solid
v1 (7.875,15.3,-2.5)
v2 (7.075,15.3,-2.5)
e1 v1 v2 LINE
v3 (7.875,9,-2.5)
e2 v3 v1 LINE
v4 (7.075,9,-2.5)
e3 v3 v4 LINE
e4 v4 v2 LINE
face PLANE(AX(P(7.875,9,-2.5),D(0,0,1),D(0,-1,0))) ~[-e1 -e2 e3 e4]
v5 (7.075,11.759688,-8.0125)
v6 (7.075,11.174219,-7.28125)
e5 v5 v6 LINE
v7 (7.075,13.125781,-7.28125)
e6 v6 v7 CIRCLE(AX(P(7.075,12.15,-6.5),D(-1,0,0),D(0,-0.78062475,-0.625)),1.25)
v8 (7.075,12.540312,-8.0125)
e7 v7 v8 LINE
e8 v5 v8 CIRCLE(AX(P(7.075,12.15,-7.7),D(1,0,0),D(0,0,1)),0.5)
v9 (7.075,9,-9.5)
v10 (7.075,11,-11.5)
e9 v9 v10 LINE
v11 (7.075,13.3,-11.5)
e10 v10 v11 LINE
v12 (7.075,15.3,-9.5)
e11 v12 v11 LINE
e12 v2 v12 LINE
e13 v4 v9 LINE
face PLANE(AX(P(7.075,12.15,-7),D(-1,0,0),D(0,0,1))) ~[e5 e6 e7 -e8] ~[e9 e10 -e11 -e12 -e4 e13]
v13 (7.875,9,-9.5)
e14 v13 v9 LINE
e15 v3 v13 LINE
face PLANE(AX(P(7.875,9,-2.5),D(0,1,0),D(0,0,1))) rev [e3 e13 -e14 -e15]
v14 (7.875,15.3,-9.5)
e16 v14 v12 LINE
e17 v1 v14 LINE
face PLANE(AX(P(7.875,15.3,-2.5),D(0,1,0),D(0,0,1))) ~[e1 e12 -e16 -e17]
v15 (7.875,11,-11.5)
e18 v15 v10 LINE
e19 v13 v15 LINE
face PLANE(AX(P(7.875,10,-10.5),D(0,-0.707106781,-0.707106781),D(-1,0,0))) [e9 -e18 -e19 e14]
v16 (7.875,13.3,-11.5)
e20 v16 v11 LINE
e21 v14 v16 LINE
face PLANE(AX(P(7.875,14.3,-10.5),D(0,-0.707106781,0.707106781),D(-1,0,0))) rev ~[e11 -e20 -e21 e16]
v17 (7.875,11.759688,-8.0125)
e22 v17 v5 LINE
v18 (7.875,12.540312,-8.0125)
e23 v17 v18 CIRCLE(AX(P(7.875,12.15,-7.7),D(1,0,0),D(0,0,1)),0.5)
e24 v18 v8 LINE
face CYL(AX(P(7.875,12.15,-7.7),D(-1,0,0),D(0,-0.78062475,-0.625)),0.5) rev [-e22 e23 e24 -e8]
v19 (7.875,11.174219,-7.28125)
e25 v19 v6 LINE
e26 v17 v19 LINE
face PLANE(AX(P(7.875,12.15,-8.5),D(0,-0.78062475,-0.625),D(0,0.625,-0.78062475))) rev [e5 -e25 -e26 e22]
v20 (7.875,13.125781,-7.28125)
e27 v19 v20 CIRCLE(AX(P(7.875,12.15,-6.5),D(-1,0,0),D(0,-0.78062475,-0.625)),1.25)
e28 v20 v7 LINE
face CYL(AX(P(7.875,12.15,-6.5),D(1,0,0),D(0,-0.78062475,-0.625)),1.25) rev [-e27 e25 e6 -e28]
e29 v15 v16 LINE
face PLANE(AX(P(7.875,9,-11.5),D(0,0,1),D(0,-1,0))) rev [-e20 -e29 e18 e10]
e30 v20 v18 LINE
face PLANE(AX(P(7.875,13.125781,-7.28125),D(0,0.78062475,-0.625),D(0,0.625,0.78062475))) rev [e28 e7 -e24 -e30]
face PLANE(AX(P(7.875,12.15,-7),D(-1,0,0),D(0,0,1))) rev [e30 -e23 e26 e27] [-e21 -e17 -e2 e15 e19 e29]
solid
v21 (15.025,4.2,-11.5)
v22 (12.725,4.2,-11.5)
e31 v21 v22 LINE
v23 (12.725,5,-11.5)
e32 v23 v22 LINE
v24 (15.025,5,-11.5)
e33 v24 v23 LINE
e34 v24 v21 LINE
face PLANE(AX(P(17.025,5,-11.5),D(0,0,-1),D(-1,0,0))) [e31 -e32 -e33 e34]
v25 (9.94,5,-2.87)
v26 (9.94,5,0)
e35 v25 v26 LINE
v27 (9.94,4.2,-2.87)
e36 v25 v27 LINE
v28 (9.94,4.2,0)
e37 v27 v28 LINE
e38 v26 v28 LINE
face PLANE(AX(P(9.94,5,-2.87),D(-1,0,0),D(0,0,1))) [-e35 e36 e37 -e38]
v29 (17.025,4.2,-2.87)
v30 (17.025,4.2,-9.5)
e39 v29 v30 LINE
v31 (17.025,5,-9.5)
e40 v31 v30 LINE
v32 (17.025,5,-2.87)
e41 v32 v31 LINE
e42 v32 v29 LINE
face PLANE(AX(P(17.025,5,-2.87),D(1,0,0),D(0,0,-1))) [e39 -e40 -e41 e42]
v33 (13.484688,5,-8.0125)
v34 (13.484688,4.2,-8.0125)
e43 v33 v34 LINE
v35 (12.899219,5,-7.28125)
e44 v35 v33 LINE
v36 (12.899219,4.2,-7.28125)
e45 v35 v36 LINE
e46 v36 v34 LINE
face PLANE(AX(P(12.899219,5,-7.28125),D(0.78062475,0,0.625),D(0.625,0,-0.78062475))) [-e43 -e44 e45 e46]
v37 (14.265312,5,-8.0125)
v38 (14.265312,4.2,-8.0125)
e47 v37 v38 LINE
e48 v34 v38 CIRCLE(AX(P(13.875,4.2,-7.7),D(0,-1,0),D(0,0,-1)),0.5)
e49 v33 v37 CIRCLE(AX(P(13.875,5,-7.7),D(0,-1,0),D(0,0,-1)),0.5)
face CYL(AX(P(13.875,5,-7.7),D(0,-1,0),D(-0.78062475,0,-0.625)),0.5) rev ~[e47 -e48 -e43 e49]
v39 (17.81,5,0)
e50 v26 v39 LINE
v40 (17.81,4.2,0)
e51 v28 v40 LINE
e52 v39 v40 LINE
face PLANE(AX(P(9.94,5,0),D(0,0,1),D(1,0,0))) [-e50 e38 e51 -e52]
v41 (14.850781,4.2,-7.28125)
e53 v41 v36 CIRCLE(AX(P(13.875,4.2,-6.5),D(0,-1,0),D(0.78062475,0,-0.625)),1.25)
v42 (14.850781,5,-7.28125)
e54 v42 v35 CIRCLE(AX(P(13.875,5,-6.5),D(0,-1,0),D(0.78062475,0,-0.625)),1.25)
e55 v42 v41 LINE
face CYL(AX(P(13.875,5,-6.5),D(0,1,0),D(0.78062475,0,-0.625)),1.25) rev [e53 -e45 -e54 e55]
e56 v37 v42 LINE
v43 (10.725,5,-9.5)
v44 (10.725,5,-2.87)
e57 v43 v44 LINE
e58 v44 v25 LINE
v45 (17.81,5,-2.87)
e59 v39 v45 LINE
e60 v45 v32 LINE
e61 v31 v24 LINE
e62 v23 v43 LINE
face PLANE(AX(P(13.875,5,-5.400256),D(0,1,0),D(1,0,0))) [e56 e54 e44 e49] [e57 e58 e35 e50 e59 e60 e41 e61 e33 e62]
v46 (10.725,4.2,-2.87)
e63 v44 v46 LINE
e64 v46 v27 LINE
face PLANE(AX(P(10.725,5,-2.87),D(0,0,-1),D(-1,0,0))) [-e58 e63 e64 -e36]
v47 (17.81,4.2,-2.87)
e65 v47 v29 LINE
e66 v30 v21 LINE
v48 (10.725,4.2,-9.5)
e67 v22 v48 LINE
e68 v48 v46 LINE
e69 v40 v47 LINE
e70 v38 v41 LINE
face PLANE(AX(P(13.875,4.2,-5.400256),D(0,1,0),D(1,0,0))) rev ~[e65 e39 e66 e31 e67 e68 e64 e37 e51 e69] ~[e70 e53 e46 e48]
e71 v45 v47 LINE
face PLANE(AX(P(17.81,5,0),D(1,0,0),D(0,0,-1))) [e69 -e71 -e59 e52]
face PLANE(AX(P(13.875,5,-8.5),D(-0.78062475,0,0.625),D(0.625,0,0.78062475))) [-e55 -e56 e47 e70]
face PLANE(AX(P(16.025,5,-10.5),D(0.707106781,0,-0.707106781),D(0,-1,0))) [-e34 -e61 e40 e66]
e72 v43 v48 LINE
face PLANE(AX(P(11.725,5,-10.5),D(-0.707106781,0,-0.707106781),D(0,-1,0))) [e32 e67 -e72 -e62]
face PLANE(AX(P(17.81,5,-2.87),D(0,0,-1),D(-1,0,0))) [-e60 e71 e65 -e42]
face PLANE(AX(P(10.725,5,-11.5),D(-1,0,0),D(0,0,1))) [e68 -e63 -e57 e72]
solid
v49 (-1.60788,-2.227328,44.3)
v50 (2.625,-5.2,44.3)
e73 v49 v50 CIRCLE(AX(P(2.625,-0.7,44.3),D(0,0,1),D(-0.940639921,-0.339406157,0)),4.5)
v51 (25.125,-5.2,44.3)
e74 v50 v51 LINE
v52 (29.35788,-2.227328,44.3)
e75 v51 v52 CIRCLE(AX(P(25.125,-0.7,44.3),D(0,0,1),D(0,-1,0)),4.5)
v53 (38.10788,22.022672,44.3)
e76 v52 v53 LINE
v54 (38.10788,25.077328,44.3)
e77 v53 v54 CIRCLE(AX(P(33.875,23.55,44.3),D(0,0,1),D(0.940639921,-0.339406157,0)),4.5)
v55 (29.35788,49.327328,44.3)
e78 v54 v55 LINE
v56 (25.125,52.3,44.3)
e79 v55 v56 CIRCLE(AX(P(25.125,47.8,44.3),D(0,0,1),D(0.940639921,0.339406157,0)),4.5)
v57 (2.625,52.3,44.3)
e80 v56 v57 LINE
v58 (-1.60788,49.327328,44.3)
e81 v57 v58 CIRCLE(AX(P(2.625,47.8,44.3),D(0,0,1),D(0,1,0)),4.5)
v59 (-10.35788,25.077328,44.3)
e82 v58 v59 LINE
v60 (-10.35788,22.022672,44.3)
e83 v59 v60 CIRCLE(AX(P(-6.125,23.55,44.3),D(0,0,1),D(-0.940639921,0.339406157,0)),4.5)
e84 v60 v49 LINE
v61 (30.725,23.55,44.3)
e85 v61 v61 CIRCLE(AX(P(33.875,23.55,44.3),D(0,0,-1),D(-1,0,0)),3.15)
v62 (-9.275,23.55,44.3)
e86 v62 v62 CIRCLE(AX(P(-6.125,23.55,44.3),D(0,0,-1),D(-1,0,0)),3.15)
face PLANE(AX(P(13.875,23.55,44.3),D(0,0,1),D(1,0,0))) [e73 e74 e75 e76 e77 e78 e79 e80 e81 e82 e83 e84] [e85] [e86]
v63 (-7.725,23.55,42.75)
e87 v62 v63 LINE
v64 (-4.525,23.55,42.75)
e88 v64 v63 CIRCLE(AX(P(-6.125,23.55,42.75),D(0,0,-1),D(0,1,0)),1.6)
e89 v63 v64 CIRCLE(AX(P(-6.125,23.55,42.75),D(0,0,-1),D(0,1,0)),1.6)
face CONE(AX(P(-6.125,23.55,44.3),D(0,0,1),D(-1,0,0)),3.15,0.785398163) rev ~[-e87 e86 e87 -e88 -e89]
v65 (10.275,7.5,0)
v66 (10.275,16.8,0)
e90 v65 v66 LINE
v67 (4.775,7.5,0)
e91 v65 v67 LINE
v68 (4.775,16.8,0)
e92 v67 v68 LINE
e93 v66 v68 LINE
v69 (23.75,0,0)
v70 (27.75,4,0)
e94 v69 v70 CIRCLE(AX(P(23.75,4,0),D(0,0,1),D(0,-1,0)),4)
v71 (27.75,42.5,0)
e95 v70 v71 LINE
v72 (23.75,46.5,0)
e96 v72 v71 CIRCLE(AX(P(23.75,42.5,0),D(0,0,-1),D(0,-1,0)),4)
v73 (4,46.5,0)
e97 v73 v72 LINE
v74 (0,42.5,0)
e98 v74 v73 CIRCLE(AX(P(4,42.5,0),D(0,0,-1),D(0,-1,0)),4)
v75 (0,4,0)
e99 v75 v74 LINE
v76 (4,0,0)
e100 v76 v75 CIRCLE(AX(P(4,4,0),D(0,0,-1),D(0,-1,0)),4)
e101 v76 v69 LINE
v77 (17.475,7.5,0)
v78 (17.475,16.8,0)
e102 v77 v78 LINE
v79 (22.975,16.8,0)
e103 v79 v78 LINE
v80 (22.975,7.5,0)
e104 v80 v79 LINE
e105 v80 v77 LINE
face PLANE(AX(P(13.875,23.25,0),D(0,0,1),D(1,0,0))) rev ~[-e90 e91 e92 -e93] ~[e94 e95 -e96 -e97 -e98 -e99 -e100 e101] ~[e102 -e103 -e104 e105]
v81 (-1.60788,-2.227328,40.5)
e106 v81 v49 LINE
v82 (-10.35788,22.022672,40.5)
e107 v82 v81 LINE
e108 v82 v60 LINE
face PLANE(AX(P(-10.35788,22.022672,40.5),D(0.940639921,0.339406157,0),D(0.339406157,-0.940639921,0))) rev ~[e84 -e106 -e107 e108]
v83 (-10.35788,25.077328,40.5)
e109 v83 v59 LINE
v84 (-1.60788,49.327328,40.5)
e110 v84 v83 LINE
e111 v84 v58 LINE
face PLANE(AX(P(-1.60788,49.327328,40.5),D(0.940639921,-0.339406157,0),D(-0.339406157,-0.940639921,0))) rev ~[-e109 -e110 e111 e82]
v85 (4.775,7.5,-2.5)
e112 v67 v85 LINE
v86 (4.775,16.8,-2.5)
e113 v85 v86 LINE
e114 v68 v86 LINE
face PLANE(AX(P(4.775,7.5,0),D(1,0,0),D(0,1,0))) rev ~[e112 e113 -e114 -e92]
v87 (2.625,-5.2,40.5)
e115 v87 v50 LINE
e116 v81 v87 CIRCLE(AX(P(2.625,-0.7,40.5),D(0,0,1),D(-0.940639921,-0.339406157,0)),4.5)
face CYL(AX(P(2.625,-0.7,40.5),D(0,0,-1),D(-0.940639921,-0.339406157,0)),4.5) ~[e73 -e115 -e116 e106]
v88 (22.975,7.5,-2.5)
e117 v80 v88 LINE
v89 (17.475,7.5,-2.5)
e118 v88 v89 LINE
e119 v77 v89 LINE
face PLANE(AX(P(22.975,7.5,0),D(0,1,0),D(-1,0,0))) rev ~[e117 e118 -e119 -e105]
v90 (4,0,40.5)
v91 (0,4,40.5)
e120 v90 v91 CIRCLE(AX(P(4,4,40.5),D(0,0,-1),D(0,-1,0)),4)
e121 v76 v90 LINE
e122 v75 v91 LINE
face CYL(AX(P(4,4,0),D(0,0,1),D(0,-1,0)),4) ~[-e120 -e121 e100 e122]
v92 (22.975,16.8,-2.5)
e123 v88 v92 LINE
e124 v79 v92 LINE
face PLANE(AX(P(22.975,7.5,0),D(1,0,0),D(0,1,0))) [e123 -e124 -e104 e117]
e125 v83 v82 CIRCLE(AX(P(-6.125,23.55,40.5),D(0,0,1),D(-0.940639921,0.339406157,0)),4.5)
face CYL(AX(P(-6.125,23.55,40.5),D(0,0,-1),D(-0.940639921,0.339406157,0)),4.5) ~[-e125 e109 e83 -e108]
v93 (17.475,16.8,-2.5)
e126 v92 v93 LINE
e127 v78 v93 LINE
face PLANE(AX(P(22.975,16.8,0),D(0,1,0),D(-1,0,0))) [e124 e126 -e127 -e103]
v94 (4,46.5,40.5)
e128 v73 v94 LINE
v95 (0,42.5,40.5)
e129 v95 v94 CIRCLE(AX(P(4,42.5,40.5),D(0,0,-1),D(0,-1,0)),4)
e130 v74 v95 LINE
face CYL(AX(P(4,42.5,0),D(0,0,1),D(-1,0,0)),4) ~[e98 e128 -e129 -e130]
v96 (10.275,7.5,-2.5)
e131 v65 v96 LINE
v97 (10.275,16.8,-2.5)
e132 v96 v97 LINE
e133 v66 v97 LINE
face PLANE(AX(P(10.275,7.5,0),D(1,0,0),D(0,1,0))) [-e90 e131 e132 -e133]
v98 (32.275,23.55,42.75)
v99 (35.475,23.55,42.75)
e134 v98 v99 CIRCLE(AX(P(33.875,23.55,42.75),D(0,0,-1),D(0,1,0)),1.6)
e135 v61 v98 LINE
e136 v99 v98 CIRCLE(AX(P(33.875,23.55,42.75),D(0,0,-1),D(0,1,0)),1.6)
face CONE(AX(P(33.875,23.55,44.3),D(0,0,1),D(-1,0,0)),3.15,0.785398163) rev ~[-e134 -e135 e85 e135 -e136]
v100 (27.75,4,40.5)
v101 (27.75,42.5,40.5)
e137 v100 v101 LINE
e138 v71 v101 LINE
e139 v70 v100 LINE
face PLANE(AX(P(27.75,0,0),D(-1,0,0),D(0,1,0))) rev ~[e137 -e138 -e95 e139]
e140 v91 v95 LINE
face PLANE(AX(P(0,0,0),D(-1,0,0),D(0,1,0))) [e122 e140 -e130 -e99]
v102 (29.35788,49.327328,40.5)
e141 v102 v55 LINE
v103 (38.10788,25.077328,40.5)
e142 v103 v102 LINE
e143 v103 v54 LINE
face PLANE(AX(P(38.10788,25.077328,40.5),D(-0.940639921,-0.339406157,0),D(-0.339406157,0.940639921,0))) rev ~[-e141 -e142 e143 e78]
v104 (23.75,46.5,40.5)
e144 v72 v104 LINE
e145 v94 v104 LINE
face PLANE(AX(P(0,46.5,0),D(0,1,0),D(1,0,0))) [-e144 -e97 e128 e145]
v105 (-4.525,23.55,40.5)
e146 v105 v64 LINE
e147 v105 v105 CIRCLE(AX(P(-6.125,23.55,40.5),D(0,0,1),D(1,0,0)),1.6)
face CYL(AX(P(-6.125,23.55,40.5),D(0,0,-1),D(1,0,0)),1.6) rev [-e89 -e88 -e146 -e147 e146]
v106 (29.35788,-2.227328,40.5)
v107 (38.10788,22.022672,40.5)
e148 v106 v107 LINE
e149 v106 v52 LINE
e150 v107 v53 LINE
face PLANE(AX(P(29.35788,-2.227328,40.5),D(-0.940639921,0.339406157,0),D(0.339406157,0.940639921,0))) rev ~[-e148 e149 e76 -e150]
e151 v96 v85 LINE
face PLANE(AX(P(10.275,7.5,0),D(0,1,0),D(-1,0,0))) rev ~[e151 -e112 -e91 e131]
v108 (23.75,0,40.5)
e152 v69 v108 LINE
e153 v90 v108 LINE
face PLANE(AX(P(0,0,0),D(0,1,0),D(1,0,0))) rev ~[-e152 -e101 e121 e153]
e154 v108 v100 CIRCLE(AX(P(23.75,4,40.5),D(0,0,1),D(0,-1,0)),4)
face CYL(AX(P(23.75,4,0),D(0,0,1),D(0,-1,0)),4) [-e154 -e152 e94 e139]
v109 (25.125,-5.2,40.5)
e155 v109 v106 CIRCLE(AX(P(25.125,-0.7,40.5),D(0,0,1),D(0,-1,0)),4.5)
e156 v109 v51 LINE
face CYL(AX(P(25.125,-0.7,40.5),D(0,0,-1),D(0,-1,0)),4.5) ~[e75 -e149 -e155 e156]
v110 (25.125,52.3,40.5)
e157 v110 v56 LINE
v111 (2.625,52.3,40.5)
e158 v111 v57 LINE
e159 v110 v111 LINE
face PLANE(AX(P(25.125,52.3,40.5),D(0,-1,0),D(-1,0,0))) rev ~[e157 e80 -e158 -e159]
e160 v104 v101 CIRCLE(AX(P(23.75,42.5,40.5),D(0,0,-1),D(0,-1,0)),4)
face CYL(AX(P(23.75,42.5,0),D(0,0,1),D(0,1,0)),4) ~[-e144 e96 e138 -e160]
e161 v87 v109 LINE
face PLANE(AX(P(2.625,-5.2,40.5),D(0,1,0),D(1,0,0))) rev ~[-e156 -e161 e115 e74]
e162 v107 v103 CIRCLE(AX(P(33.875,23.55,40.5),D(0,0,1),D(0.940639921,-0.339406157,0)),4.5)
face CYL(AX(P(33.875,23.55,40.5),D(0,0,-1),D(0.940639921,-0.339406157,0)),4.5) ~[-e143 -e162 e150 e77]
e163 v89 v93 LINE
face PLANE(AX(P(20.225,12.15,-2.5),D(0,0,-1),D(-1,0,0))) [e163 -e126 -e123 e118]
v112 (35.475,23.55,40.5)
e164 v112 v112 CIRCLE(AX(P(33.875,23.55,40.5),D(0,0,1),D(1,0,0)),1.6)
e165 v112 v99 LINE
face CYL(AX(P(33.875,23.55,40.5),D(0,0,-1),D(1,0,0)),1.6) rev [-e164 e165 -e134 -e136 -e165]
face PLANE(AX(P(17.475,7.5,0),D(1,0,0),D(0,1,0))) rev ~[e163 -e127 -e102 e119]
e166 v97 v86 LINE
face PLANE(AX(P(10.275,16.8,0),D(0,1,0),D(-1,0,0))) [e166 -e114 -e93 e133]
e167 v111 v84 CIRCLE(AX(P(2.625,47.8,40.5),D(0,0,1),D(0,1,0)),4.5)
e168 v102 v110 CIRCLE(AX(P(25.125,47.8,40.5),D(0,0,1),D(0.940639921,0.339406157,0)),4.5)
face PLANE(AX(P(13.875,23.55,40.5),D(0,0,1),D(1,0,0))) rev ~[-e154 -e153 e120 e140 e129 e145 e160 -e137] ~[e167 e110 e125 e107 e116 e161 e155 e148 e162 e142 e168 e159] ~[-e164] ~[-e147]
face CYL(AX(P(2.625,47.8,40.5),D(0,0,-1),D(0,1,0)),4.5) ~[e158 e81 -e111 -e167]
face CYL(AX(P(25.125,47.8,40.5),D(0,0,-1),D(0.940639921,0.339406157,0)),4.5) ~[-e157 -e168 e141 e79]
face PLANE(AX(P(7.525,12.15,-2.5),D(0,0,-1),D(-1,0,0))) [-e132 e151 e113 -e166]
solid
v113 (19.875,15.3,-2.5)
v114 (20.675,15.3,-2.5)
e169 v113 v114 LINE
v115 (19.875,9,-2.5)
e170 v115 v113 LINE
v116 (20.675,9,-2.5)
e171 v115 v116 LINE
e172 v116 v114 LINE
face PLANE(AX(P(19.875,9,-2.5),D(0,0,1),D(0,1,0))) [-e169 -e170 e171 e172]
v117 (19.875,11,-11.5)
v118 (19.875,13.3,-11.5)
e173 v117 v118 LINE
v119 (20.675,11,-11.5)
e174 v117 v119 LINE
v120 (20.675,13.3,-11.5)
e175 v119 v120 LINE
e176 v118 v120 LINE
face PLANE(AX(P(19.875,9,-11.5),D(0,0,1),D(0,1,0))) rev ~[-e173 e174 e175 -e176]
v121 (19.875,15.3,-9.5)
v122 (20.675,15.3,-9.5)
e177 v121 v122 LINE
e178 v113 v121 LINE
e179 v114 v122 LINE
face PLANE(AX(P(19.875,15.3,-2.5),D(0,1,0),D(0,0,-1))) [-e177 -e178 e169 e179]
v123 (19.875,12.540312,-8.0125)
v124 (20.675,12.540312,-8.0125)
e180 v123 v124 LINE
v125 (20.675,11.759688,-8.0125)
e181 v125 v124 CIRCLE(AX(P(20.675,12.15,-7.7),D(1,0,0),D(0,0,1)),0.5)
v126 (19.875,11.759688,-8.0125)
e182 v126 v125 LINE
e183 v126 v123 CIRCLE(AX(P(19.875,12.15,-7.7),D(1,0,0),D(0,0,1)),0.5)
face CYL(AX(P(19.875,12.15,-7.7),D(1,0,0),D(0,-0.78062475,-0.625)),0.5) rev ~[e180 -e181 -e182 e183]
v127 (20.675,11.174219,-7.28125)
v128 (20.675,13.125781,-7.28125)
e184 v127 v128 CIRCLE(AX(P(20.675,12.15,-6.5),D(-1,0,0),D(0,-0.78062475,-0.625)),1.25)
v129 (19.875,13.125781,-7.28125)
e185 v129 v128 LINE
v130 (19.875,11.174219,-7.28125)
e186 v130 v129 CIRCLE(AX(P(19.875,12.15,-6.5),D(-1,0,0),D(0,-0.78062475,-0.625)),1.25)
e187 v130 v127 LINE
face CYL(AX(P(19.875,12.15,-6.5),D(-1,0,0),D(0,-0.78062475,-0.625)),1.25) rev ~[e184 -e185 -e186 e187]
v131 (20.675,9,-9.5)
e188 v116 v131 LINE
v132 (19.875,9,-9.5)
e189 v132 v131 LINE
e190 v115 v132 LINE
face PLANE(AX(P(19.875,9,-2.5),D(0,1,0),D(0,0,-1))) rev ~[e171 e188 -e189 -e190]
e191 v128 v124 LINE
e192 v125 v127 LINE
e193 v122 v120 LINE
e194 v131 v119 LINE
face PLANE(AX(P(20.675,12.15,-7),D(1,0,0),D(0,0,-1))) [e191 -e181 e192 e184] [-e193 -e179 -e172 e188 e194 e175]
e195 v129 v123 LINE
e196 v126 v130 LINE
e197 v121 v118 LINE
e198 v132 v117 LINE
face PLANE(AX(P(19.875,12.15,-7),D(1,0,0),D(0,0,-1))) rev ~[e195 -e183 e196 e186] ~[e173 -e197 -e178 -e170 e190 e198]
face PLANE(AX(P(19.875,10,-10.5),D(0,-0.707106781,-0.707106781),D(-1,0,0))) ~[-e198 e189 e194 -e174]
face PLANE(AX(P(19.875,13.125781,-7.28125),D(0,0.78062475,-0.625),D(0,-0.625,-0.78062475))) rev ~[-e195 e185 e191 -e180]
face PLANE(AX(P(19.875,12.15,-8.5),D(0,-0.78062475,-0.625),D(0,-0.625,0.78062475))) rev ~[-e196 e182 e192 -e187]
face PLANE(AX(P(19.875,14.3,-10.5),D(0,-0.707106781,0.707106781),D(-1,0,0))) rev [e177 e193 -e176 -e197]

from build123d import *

# Parameters (mm, degrees)
SKETCH1_W                                       = 27.75
SKETCH1_H                                       = 46.5
BOSS_EXTRUDE1_DEPTH                             = 40.5
SKETCH2_R                                       = 1.6
BOSS_EXTRUDE2_DEPTH                             = 3.8
CSK_FOR_M3_FLAT_HEAD_MACHINE_SCREW1_D           = 3.2
CSK_FOR_M3_FLAT_HEAD_MACHINE_SCREW1_CSINK_D     = 6.3
CSK_FOR_M3_FLAT_HEAD_MACHINE_SCREW1_CSINK_ANGLE = 90
SKETCH5_W                                       = 5.5
SKETCH5_H                                       = 9.3
BOSS_EXTRUDE3_DEPTH                             = 2.5
BOSS_EXTRUDE4_DEPTH                             = 0.8
CHAMFER1_SIZE                                   = 2
FILLET1_R                                       = 0.5
SKETCH7_W                                       = 9
SKETCH7_H                                       = 6.3
BOSS_EXTRUDE5_DEPTH                             = 0.8
CHAMFER2_SIZE                                   = 2
FILLET3_R                                       = 0.5
FILLET2_R                                       = 4


with BuildPart() as part:
    # Sketch1 → Boss-Extrude1 (new body)
    with BuildSketch(Plane.XY):
        with Locations((13.875, 23.25)):
            Rectangle(SKETCH1_W, SKETCH1_H)
    extrude(amount=BOSS_EXTRUDE1_DEPTH)

    # Sketch2 → Boss-Extrude2 (add)
    with BuildSketch(Plane.XY.offset(40.5)):
        with BuildLine():
            Line((2.625, -5.2), (25.125, -5.2))
            ThreePointArc((25.125, -5.2), (27.711215896, -4.382592475), (29.357879644, -2.227327706))
            Line((29.357879644, -2.227327706), (38.107879644, 22.022672294))
            ThreePointArc((38.107879644, 22.022672294), (38.375, 23.55), (38.107879644, 25.077327706))
            Line((38.107879644, 25.077327706), (29.357879644, 49.327327706))
            ThreePointArc((29.357879644, 49.327327706), (27.711215896, 51.482592475), (25.125, 52.3))
            Line((25.125, 52.3), (2.625, 52.3))
            ThreePointArc((2.625, 52.3), (0.038784104, 51.482592475), (-1.607879644, 49.327327706))
            Line((-1.607879644, 49.327327706), (-10.357879644, 25.077327706))
            ThreePointArc((-10.357879644, 25.077327706), (-10.625, 23.55), (-10.357879644, 22.022672294))
            Line((-10.357879644, 22.022672294), (-1.607879644, -2.227327706))
            ThreePointArc((-1.607879644, -2.227327706), (0.038784104, -4.382592475), (2.625, -5.2))
        make_face()
        with Locations((-6.125, 23.55)):
            Circle(SKETCH2_R, mode=Mode.SUBTRACT)
        with Locations((33.875, 23.55)):
            Circle(SKETCH2_R, mode=Mode.SUBTRACT)
    extrude(amount=BOSS_EXTRUDE2_DEPTH)

    # CSK for M3 Flat Head Machine Screw1 (through all)
    with Locations(Plane.XY.offset(44.3)):
        with Locations((-6.125, 23.55), (33.875, 23.55)):
            CounterSinkHole(CSK_FOR_M3_FLAT_HEAD_MACHINE_SCREW1_D / 2, CSK_FOR_M3_FLAT_HEAD_MACHINE_SCREW1_CSINK_D / 2, counter_sink_angle=CSK_FOR_M3_FLAT_HEAD_MACHINE_SCREW1_CSINK_ANGLE)

    # Sketch5 → Boss-Extrude3 (add)
    with BuildSketch(Plane(origin=(0, 0, 0), x_dir=(-1, 0, 0), z_dir=(0, 0, -1))):
        with Locations((-20.225, 12.15)):
            Rectangle(SKETCH5_W, SKETCH5_H)
        with Locations((-7.525, 12.15)):
            Rectangle(SKETCH5_W, SKETCH5_H)
    extrude(amount=BOSS_EXTRUDE3_DEPTH)

    # Fillet2
    fillet2_edges = [part.edges().sort_by_distance(p)[0] for p in [
        (0, 46.5, 20.25),
        (27.75, 46.5, 20.25),
        (27.75, 0, 20.25),
        (0, 0, 20.25),
    ]]
    fillet(fillet2_edges, radius=FILLET2_R)


with BuildPart() as body_2:
    # Sketch6 → Boss-Extrude4 (new body)
    with BuildSketch(Plane(origin=(0, 5, 0), x_dir=(-1, 0, 0), z_dir=(0, -1, 0))):
        Polygon((-17.81, 0), (-17.81, 2.87), (-17.025, 2.87), (-17.025, 11.5), (-10.725, 11.5), (-10.725, 2.87), (-9.94, 2.87), (-9.94, 0), align=None)
        with BuildLine():
            Line((-13.875, 8.5), (-14.850780937, 7.28125))
            ThreePointArc((-14.850780937, 7.28125), (-13.875, 5.25), (-12.899219063, 7.28125))
            Line((-12.899219063, 7.28125), (-13.875, 8.5))
        make_face(mode=Mode.SUBTRACT)
    extrude(amount=BOSS_EXTRUDE4_DEPTH)

    # Chamfer1
    chamfer1_edges = [body_2.edges().sort_by_distance(p)[0] for p in [
        (17.025, 4.6, -11.5),
        (10.725, 4.6, -11.5),
    ]]
    chamfer(chamfer1_edges, length=CHAMFER1_SIZE)

    # Fillet1
    fillet1_edges = [body_2.edges().sort_by_distance(p)[0] for p in [
        (13.875, 4.6, -8.5),
    ]]
    fillet(fillet1_edges, radius=FILLET1_R)


with BuildPart() as body_3:
    # Sketch7 → Boss-Extrude5 (new body)
    with BuildSketch(Plane(origin=(19.875, 0, 0), x_dir=(0, 0, -1), z_dir=(1, 0, 0))):
        with Locations((7, 12.15)):
            Rectangle(SKETCH7_W, SKETCH7_H)
        with BuildLine():
            Line((7.28125, 13.125780937), (8.5, 12.15))
            Line((8.5, 12.15), (7.28125, 11.174219063))
            ThreePointArc((7.28125, 11.174219063), (5.25, 12.15), (7.28125, 13.125780937))
        make_face(mode=Mode.SUBTRACT)
    extrude(amount=BOSS_EXTRUDE5_DEPTH)

    # Chamfer2
    chamfer2_edges = [body_3.edges().sort_by_distance(p)[0] for p in [
        (20.275, 15.3, -11.5),
        (20.275, 9, -11.5),
    ]]
    chamfer(chamfer2_edges, length=CHAMFER2_SIZE)

    # Fillet3
    fillet3_edges = [body_3.edges().sort_by_distance(p)[0] for p in [
        (20.275, 12.15, -8.5),
    ]]
    fillet(fillet3_edges, radius=FILLET3_R)


with BuildPart() as body_4:
    # Mirror2: mirrored copy
    add(body_3.part.mirror(Plane(origin=(13.875, 0, 0), x_dir=(0, 0, 1), z_dir=(1, 0, 0))))


solid = Compound([part.part, body_2.part, body_3.part, body_4.part])
